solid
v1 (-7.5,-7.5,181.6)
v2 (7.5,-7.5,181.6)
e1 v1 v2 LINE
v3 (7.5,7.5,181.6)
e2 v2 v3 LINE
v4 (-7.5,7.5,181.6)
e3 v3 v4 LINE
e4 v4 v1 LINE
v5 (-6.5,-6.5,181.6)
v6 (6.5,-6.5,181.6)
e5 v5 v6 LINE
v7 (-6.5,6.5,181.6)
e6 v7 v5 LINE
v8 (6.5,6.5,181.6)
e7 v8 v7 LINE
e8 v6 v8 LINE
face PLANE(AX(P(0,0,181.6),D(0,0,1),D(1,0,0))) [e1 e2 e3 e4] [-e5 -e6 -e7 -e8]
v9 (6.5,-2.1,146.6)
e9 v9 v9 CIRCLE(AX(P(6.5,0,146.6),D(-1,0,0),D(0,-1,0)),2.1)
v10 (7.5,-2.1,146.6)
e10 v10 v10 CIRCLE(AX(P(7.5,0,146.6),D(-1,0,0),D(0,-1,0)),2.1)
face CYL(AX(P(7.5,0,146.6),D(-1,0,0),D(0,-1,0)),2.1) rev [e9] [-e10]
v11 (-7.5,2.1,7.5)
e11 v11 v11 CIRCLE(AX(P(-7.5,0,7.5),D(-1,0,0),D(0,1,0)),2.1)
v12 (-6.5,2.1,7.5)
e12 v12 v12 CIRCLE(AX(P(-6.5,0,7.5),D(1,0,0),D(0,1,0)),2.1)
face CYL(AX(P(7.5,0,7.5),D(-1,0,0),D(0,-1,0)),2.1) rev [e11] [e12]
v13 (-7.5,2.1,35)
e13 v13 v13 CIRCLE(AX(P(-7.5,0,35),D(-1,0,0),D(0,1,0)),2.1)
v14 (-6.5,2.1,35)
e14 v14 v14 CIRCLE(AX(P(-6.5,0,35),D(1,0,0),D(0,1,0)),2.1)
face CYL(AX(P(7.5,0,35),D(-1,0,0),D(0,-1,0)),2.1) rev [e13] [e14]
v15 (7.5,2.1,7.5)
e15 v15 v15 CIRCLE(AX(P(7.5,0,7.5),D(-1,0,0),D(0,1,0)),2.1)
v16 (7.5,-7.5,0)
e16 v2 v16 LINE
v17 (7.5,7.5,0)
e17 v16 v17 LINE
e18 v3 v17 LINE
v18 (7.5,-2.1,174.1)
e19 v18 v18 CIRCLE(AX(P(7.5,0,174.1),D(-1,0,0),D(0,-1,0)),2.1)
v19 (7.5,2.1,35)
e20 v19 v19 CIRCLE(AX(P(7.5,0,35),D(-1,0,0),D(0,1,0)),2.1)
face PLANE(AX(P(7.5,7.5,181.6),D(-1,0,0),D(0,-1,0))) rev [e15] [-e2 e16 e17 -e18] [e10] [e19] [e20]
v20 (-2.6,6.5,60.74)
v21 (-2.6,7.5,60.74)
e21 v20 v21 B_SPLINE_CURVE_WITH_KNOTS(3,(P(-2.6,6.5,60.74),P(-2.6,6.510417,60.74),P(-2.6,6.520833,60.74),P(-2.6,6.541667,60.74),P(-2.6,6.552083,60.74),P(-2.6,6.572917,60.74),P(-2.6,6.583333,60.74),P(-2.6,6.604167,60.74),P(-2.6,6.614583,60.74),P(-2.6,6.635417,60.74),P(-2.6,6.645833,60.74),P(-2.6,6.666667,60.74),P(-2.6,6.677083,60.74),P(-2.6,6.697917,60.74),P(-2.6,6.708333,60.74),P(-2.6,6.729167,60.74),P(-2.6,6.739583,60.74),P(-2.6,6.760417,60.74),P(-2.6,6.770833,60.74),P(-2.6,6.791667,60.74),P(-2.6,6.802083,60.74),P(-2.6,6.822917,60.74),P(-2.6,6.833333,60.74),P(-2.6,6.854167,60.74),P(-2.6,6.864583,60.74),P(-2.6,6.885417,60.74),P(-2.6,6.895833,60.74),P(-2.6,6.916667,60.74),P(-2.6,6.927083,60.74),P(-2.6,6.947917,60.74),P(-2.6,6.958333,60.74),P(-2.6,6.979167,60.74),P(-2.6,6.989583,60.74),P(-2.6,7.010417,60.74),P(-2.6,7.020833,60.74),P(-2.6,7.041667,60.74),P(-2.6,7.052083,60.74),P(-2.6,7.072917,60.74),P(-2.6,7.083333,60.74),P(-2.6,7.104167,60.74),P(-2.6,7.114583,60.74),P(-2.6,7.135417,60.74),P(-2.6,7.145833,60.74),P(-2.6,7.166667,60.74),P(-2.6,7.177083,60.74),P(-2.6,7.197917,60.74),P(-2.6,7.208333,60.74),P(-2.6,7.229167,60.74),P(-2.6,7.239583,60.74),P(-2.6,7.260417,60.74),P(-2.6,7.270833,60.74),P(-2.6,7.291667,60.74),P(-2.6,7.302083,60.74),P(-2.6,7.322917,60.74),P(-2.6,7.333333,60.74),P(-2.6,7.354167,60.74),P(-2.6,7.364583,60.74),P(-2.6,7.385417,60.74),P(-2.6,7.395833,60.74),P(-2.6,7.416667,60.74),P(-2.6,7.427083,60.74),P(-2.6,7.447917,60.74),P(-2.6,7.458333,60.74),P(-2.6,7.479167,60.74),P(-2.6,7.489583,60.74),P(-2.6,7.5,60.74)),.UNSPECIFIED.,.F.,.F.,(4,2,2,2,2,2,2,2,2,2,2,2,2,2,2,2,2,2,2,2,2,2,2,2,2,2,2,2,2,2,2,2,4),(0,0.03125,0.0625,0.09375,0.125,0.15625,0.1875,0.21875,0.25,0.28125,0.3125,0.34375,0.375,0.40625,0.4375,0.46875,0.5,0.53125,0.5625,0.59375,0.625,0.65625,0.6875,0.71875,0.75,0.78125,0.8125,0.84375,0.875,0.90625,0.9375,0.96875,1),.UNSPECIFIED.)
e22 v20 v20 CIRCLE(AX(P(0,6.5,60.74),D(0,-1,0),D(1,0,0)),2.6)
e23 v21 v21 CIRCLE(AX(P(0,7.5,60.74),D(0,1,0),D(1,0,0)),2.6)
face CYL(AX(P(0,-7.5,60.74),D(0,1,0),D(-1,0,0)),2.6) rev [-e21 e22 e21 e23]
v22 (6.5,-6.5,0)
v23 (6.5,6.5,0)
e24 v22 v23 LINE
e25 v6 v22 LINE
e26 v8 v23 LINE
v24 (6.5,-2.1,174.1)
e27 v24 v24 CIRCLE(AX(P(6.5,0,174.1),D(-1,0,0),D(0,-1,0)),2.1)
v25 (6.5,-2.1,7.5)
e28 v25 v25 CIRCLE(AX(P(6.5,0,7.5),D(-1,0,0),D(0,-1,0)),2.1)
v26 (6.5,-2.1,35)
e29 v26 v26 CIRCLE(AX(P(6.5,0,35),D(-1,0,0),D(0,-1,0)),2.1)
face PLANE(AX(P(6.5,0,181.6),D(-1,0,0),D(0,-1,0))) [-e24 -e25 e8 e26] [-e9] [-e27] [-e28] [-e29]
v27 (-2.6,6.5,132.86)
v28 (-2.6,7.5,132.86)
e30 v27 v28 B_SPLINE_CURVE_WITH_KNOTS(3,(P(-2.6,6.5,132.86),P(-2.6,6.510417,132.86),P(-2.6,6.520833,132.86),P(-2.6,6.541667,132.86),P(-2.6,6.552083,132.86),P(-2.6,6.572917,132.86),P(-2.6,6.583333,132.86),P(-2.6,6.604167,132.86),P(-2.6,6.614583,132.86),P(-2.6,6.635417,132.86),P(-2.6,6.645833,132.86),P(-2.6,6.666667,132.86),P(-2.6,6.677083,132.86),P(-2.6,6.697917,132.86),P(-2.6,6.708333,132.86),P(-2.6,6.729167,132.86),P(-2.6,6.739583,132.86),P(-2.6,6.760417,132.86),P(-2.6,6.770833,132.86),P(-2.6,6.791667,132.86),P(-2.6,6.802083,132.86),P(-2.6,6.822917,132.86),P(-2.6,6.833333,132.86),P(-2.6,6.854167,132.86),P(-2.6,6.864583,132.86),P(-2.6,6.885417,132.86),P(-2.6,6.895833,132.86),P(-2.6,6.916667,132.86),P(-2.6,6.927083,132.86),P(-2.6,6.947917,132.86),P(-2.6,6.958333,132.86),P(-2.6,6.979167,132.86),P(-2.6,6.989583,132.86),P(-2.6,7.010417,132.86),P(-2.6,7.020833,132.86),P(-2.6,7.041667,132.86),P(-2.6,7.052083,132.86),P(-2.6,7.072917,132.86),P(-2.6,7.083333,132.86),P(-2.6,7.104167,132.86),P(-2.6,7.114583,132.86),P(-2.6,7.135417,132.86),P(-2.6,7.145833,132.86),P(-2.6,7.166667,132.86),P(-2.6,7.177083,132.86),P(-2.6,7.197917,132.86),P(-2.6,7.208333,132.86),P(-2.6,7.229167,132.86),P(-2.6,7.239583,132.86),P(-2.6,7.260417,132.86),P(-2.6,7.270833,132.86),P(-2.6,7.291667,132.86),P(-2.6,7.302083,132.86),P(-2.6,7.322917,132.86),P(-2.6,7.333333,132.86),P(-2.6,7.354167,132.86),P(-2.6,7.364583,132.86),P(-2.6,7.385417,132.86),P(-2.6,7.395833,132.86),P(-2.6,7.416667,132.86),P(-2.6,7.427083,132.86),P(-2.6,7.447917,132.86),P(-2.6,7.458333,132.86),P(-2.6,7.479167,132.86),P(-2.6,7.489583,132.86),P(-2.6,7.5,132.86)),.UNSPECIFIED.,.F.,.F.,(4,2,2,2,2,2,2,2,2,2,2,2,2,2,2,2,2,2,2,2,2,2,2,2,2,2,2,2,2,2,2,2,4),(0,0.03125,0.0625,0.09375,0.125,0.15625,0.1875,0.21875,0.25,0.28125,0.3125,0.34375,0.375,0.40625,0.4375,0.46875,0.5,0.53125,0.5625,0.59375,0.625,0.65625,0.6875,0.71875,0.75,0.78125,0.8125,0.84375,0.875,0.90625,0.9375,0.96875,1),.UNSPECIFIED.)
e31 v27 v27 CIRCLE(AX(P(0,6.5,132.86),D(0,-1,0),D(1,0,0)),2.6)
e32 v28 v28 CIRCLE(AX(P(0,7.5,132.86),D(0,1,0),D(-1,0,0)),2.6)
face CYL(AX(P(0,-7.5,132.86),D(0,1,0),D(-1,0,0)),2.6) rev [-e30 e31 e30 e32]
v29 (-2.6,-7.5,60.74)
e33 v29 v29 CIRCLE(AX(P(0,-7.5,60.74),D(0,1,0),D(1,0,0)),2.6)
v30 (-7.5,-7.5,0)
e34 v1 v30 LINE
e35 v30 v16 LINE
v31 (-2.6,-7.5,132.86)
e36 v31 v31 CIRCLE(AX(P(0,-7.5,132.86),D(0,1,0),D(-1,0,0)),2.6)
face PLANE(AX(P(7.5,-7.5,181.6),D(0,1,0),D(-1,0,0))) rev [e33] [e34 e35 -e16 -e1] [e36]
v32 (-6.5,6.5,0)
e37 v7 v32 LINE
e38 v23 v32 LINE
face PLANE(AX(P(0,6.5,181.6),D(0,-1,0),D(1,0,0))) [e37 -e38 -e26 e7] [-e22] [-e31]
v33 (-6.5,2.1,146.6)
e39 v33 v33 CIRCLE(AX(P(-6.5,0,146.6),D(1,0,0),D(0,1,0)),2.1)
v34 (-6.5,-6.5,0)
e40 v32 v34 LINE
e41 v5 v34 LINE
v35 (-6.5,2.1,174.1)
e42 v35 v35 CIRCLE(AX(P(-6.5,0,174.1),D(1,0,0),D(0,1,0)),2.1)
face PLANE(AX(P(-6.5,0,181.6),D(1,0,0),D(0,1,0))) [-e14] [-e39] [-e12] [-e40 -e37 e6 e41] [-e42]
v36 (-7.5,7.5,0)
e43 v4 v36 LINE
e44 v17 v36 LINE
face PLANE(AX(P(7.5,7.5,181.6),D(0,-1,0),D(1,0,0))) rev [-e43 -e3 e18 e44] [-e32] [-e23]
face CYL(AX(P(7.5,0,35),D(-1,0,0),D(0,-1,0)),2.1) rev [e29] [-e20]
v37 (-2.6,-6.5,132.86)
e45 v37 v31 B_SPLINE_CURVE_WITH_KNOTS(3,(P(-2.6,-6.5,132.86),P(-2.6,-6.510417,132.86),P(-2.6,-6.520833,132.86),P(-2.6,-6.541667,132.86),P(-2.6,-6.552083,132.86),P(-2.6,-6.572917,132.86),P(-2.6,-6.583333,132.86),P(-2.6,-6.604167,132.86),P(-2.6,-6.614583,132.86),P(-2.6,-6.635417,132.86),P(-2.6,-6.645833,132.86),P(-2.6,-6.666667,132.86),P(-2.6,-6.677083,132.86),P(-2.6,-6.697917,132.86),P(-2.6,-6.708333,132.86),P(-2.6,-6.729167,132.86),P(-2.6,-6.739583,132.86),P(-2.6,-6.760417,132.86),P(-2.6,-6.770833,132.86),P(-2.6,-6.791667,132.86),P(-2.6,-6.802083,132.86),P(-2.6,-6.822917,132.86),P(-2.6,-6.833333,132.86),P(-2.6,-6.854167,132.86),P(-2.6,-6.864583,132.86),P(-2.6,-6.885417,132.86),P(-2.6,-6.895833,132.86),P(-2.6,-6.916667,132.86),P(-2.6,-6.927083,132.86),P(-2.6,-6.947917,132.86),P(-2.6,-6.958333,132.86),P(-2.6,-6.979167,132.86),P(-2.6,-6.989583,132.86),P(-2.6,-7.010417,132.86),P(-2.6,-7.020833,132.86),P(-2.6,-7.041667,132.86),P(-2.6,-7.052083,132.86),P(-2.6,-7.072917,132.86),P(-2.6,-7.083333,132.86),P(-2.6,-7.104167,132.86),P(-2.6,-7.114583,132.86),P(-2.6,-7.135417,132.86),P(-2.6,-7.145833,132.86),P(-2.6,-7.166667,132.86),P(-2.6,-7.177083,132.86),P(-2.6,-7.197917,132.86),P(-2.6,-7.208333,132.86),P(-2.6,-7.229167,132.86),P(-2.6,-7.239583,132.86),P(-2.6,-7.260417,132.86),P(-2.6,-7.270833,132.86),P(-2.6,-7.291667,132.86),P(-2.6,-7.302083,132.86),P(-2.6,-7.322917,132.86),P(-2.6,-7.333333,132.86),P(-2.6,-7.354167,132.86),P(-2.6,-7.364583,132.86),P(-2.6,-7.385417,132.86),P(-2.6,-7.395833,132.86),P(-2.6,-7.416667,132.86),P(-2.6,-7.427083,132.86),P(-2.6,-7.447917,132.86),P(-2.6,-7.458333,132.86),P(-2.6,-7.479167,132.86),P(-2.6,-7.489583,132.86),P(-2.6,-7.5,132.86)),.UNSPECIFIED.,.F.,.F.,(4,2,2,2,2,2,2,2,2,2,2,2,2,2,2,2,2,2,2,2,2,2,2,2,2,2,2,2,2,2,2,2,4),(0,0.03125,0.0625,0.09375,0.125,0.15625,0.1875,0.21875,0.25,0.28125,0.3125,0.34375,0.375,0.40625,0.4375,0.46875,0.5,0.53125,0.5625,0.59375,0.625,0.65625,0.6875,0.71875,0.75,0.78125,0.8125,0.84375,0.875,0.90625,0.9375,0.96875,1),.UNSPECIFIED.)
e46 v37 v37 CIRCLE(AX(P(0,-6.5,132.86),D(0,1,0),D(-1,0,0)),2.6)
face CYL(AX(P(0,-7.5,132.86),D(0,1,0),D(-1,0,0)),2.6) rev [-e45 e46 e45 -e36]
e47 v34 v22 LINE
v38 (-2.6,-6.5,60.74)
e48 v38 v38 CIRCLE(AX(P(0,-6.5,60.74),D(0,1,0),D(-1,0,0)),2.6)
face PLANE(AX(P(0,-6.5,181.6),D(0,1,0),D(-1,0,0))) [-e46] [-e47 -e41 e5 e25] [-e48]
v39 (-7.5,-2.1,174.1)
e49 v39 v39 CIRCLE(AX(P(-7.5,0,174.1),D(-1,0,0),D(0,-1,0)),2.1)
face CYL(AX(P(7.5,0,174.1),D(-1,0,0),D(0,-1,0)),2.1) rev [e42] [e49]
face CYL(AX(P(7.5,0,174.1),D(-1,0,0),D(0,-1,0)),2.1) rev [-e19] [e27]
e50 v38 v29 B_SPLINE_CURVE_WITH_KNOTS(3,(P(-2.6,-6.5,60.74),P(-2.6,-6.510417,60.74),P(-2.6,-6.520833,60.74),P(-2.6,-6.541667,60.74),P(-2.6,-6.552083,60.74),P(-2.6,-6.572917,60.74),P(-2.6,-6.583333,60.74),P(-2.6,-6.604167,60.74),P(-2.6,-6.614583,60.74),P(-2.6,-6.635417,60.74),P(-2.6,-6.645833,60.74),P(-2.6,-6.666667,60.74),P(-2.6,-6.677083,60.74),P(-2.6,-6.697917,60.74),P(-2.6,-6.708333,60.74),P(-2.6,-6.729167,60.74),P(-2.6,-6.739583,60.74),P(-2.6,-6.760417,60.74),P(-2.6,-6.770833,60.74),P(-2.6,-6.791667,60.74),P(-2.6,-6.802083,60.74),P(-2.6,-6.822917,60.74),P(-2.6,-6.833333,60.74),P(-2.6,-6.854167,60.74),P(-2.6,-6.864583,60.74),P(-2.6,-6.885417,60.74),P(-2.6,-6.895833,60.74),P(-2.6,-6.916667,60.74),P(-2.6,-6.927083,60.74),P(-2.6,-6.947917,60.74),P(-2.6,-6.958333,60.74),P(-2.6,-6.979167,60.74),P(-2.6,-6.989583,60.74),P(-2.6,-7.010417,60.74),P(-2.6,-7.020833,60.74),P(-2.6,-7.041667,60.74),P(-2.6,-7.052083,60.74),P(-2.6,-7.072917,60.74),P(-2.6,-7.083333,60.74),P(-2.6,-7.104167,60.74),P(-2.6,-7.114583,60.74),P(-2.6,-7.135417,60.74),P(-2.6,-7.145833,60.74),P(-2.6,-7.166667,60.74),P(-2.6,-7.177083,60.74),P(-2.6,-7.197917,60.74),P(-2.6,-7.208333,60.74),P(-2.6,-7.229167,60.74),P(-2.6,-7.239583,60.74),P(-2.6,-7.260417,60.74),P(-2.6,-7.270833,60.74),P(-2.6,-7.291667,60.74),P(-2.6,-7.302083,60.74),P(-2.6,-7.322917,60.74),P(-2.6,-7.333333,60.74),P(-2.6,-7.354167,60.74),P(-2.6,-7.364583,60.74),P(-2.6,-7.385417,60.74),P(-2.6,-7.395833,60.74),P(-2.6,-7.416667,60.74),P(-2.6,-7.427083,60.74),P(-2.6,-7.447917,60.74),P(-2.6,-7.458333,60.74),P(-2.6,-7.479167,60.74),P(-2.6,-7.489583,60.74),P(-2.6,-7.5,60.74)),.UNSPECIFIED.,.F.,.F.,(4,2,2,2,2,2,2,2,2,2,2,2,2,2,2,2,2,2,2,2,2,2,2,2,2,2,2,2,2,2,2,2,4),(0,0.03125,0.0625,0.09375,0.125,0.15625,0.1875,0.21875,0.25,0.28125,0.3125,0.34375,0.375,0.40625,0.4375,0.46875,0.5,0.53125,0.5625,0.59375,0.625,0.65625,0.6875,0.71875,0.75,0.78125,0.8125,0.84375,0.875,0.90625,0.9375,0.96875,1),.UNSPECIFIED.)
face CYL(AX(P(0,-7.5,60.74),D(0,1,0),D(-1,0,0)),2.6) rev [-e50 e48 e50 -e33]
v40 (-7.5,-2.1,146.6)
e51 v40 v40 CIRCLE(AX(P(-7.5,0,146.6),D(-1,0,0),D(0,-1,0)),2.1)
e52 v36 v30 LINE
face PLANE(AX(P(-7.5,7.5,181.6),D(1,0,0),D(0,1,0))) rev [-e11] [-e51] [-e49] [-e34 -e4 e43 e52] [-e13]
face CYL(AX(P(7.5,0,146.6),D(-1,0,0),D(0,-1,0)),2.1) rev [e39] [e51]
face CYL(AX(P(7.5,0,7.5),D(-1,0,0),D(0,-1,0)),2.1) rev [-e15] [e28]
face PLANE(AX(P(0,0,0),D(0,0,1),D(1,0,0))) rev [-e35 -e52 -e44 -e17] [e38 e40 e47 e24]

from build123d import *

# Parameters (mm, degrees)
SKETCH_1_W          = 15
SKETCH_1_H          = 15
SKETCH_1_W_2        = 13
SKETCH_1_H_2        = 13
EXTRUDE_1_DEPTH     = 181.6
SKETCH_2_R          = 2.6
CUT_EXTRUDE_1_DEPTH = 183.372722741
SKETCH_3_R          = 2.1
CUT_EXTRUDE_2_DEPTH = 183.372722741


with BuildPart() as part:
    # ｽｹｯﾁ1 → 押し出し-薄板1 (new body)
    with BuildSketch(Plane.XY):
        Rectangle(SKETCH_1_W, SKETCH_1_H)
        Rectangle(SKETCH_1_W_2, SKETCH_1_H_2, mode=Mode.SUBTRACT)
    extrude(amount=EXTRUDE_1_DEPTH)

    # ｽｹｯﾁ2 → ｶｯﾄ - 押し出し1 (cut, through all)
    with BuildSketch(Plane(origin=(0, 7.5, 0), x_dir=(1, 0, 0), z_dir=(0, 1, 0))):
        with Locations(Location((0, -132.86, 0), (0, 0, 180))):
            Circle(SKETCH_2_R)
        with Locations(Location((0, -60.74, 0), (0, 0, 180))):
            Circle(SKETCH_2_R)
    extrude(amount=-CUT_EXTRUDE_1_DEPTH, mode=Mode.SUBTRACT)

    # ｽｹｯﾁ3 → ｶｯﾄ - 押し出し2 (cut, through all)
    with BuildSketch(Plane.ZY.offset(7.5)):
        with Locations(Location((174.1, 0, 0), (0, 0, 270))):
            Circle(SKETCH_3_R)
        with Locations(Location((146.6, 0, 0), (0, 0, 270))):
            Circle(SKETCH_3_R)
        with Locations(Location((35, 0, 0), (0, 0, 270))):
            Circle(SKETCH_3_R)
        with Locations(Location((7.5, 0, 0), (0, 0, 270))):
            Circle(SKETCH_3_R)
    extrude(amount=-CUT_EXTRUDE_2_DEPTH, mode=Mode.SUBTRACT)


solid = part.part
